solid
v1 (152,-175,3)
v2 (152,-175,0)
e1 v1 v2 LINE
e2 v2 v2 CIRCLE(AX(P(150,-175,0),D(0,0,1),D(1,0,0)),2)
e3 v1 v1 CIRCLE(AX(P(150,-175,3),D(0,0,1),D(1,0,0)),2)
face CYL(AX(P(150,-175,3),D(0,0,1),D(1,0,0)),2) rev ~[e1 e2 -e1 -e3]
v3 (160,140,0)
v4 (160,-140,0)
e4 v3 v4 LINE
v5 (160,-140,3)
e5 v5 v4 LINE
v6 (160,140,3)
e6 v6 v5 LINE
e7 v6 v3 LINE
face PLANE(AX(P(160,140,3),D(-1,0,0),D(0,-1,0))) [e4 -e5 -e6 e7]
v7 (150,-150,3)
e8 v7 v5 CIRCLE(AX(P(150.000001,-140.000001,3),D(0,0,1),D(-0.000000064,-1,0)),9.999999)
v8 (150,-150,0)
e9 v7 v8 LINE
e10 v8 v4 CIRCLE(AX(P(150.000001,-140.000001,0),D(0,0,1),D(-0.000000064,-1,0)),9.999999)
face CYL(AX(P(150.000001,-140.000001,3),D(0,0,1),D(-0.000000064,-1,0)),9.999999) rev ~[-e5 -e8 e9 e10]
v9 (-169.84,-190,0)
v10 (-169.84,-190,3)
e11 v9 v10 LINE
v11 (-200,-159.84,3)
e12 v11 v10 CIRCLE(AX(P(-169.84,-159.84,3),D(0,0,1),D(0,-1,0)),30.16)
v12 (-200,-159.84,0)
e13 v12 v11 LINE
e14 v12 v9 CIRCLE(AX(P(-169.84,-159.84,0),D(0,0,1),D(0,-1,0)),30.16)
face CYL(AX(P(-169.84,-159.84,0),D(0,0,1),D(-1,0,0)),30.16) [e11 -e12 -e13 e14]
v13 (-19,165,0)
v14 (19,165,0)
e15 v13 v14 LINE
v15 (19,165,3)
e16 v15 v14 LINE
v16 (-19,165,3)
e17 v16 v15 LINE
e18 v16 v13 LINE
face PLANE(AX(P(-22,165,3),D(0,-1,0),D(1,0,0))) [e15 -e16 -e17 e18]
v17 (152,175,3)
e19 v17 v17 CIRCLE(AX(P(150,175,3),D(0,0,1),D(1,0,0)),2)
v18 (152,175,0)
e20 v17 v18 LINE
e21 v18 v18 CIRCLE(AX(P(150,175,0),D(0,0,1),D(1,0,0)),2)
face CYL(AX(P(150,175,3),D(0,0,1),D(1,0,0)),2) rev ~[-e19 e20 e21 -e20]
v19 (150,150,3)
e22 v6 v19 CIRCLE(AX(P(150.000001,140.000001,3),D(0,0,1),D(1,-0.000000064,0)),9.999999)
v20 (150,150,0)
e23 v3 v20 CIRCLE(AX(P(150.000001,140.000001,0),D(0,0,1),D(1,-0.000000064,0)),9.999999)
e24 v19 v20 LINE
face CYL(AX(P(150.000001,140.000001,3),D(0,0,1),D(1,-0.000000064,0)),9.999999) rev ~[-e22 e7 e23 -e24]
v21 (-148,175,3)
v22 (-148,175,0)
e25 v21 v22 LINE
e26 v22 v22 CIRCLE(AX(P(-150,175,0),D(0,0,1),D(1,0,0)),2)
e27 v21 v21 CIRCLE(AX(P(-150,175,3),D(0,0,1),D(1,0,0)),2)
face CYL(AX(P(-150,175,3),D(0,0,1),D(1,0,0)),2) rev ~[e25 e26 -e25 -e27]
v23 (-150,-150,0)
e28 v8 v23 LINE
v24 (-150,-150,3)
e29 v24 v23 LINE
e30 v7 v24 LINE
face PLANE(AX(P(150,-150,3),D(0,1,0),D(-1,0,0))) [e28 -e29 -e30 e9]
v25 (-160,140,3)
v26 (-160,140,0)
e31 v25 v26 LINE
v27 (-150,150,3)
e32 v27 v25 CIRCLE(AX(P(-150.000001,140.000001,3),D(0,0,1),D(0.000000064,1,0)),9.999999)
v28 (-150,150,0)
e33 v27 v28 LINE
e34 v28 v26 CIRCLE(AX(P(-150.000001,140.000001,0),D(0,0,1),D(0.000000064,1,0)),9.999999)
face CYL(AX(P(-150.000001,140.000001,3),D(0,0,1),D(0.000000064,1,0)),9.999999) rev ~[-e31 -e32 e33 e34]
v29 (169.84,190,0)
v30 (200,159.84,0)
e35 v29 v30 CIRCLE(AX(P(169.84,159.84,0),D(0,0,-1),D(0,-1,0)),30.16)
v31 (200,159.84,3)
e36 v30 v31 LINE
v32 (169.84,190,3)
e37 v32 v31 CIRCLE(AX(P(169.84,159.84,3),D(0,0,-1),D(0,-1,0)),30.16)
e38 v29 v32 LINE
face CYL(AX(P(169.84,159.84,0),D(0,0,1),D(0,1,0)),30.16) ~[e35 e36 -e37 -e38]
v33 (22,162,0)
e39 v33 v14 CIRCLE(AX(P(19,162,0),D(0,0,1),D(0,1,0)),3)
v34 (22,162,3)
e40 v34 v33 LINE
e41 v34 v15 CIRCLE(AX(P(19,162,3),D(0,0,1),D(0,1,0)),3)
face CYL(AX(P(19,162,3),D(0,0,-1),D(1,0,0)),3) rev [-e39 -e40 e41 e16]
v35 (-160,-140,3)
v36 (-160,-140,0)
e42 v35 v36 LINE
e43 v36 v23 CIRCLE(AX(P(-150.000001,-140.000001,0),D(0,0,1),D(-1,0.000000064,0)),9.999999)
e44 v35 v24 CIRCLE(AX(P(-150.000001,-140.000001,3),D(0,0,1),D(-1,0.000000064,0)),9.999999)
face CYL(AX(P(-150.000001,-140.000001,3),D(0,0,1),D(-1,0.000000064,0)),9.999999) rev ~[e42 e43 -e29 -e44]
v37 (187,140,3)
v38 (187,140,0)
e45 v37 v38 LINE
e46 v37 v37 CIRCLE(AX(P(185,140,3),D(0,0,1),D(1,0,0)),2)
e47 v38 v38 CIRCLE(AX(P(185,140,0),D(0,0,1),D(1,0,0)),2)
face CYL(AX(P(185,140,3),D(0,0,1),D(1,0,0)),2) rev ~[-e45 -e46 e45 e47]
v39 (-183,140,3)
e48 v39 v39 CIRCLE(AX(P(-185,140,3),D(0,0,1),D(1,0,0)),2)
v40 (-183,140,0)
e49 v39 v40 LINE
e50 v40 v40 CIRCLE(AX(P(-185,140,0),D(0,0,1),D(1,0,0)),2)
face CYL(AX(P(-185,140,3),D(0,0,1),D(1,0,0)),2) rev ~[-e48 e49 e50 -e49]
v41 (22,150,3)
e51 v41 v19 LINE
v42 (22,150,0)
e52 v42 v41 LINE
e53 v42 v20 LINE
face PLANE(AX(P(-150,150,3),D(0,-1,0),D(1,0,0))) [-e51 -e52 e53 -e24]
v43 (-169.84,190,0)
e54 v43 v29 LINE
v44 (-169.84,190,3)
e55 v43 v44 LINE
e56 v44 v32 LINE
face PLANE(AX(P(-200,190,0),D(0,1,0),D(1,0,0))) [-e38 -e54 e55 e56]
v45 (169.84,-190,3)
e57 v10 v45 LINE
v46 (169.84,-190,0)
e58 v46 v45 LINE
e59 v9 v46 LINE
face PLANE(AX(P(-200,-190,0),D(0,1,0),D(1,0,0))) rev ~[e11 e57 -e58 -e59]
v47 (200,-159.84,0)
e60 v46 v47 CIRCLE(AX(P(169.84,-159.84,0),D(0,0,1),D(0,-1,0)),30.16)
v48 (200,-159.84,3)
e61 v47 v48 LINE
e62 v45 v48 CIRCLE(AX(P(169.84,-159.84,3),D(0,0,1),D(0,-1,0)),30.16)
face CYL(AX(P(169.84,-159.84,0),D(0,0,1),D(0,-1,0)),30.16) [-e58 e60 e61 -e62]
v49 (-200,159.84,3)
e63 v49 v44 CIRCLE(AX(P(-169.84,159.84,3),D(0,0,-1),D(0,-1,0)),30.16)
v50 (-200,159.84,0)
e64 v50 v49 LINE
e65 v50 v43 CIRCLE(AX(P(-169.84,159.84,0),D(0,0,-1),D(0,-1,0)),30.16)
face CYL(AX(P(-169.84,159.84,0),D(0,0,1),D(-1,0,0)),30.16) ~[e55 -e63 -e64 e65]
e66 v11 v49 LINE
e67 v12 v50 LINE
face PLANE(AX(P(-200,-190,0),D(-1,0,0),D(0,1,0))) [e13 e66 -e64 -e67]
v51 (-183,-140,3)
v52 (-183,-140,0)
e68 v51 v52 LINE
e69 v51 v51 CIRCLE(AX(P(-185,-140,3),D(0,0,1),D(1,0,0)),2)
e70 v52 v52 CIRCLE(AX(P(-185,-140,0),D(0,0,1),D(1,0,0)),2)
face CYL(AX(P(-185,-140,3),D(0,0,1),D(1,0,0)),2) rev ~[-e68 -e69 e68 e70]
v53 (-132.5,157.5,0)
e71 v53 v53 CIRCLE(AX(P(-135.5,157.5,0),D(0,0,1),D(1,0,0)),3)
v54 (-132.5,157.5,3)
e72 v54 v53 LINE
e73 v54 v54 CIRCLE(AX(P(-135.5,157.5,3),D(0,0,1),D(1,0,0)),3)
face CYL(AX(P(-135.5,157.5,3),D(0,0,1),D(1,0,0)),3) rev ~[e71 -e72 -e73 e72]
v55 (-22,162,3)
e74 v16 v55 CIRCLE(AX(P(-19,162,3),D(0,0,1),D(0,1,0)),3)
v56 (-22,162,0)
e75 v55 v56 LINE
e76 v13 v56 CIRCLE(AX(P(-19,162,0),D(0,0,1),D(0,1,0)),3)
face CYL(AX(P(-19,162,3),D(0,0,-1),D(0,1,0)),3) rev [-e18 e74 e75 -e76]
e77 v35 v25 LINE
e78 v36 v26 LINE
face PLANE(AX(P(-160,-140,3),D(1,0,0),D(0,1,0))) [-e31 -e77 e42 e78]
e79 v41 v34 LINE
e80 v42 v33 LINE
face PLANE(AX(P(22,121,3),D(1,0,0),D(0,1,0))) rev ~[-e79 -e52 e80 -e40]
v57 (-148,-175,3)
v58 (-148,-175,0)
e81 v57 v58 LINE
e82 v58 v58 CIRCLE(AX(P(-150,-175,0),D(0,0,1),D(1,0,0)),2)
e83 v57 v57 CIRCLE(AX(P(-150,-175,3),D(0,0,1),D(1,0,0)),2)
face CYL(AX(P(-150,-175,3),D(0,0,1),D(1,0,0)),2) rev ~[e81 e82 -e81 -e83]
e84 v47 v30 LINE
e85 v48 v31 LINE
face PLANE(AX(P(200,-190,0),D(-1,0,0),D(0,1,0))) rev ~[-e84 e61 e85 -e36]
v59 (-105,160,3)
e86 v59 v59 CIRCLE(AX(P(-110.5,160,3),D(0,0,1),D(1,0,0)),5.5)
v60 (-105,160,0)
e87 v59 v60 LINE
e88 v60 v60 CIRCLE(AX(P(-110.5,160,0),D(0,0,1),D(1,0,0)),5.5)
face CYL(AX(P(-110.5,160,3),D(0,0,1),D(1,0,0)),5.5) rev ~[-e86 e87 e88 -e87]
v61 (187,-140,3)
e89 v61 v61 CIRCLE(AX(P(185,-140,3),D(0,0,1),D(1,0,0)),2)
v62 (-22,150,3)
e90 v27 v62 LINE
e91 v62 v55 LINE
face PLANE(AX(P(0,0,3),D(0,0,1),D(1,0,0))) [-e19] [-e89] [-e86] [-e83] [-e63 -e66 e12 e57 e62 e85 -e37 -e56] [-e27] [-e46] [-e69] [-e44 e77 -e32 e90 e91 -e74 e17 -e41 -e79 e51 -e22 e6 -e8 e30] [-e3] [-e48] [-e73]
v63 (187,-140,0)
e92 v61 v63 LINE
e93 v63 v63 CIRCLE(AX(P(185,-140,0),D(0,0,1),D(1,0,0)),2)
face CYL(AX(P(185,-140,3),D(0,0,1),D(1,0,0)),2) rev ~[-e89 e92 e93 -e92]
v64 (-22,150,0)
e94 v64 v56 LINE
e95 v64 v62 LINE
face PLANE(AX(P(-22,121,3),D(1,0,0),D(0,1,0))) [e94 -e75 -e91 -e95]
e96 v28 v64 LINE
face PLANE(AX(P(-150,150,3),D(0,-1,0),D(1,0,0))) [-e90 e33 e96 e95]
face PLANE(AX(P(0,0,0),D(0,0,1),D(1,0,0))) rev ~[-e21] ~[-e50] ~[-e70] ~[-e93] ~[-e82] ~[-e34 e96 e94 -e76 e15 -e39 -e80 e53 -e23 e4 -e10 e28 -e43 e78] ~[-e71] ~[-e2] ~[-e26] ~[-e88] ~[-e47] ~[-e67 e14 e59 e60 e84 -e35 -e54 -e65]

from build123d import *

# Parameters (mm, degrees)
SKETCH_W        = 400
SKETCH_H        = 380
PAD_DEPTH       = 3
SKETCH001_R     = 2
POCKET_DEPTH    = 3.001
POCKET001_DEPTH = 3.001
SKETCH003_R     = 3
SKETCH003_R_2   = 5.5
POCKET002_DEPTH = 3.001
FILLET_R        = 30.16
SKETCH004_W     = 44
SKETCH004_H     = 44
POCKET003_DEPTH = 3.001
FILLET001_R     = 3


with BuildPart() as part:
    # Sketch → Pad (new body)
    with BuildSketch(Plane.XY):
        Rectangle(SKETCH_W, SKETCH_H)
    extrude(amount=PAD_DEPTH)

    # Sketch001 (on Face6 of Pad) → Pocket (cut, through all)
    with BuildSketch(Plane.XY.offset(3)):
        with Locations((-150, 175)):
            Circle(SKETCH001_R)
        with Locations((-185, 140)):
            Circle(SKETCH001_R)
        with Locations((-185, -140)):
            Circle(SKETCH001_R)
        with Locations((-150, -175)):
            Circle(SKETCH001_R)
        with Locations((150, -175)):
            Circle(SKETCH001_R)
        with Locations((185, -140)):
            Circle(SKETCH001_R)
        with Locations((185, 140)):
            Circle(SKETCH001_R)
        with Locations((150, 175)):
            Circle(SKETCH001_R)
    extrude(amount=-POCKET_DEPTH, mode=Mode.SUBTRACT)

    # Sketch002 (on Face5 of Pocket) → Pocket001 (cut, through all)
    with BuildSketch(Plane.XY.offset(3)):
        with BuildLine():
            Line((-150, 150), (150, 150))
            ThreePointArc((160, 140), (157.071068, 147.071068), (150, 150))
            Line((160, 140), (160, -140))
            ThreePointArc((150, -150), (157.071068, -147.071068), (160, -140))
            Line((150, -150), (-150, -150))
            ThreePointArc((-160, -140), (-157.071068, -147.071068), (-150, -150))
            Line((-160, -140), (-160, 140))
            ThreePointArc((-150, 150), (-157.071068, 147.071068), (-160, 140))
        make_face()
    extrude(amount=-POCKET001_DEPTH, mode=Mode.SUBTRACT)

    # Sketch003 (on Face5 of Pocket001) → Pocket002 (cut, through all)
    with BuildSketch(Plane.XY.offset(3)):
        with Locations((-135.5, 157.5)):
            Circle(SKETCH003_R)
        with Locations((-110.5, 160)):
            Circle(SKETCH003_R_2)
    extrude(amount=-POCKET002_DEPTH, mode=Mode.SUBTRACT)

    # Fillet
    fillet_edges = [part.edges().sort_by_distance(p)[0] for p in [
        (-200, -190, 1.5),
        (-200, 190, 1.5),
        (200, 190, 1.5),
        (200, -190, 1.5),
    ]]
    fillet(fillet_edges, radius=FILLET_R)

    # Sketch004 (on Face5 of Fillet) → Pocket003 (cut, through all)
    with BuildSketch(Plane.XY.offset(3)):
        with Locations((0, 143)):
            Rectangle(SKETCH004_W, SKETCH004_H)
    extrude(amount=-POCKET003_DEPTH, mode=Mode.SUBTRACT)

    # Fillet001
    fillet001_edges = [part.edges().sort_by_distance(p)[0] for p in [
        (-22, 165, 1.5),
        (22, 165, 1.5),
    ]]
    fillet(fillet001_edges, radius=FILLET001_R)


solid = part.part
